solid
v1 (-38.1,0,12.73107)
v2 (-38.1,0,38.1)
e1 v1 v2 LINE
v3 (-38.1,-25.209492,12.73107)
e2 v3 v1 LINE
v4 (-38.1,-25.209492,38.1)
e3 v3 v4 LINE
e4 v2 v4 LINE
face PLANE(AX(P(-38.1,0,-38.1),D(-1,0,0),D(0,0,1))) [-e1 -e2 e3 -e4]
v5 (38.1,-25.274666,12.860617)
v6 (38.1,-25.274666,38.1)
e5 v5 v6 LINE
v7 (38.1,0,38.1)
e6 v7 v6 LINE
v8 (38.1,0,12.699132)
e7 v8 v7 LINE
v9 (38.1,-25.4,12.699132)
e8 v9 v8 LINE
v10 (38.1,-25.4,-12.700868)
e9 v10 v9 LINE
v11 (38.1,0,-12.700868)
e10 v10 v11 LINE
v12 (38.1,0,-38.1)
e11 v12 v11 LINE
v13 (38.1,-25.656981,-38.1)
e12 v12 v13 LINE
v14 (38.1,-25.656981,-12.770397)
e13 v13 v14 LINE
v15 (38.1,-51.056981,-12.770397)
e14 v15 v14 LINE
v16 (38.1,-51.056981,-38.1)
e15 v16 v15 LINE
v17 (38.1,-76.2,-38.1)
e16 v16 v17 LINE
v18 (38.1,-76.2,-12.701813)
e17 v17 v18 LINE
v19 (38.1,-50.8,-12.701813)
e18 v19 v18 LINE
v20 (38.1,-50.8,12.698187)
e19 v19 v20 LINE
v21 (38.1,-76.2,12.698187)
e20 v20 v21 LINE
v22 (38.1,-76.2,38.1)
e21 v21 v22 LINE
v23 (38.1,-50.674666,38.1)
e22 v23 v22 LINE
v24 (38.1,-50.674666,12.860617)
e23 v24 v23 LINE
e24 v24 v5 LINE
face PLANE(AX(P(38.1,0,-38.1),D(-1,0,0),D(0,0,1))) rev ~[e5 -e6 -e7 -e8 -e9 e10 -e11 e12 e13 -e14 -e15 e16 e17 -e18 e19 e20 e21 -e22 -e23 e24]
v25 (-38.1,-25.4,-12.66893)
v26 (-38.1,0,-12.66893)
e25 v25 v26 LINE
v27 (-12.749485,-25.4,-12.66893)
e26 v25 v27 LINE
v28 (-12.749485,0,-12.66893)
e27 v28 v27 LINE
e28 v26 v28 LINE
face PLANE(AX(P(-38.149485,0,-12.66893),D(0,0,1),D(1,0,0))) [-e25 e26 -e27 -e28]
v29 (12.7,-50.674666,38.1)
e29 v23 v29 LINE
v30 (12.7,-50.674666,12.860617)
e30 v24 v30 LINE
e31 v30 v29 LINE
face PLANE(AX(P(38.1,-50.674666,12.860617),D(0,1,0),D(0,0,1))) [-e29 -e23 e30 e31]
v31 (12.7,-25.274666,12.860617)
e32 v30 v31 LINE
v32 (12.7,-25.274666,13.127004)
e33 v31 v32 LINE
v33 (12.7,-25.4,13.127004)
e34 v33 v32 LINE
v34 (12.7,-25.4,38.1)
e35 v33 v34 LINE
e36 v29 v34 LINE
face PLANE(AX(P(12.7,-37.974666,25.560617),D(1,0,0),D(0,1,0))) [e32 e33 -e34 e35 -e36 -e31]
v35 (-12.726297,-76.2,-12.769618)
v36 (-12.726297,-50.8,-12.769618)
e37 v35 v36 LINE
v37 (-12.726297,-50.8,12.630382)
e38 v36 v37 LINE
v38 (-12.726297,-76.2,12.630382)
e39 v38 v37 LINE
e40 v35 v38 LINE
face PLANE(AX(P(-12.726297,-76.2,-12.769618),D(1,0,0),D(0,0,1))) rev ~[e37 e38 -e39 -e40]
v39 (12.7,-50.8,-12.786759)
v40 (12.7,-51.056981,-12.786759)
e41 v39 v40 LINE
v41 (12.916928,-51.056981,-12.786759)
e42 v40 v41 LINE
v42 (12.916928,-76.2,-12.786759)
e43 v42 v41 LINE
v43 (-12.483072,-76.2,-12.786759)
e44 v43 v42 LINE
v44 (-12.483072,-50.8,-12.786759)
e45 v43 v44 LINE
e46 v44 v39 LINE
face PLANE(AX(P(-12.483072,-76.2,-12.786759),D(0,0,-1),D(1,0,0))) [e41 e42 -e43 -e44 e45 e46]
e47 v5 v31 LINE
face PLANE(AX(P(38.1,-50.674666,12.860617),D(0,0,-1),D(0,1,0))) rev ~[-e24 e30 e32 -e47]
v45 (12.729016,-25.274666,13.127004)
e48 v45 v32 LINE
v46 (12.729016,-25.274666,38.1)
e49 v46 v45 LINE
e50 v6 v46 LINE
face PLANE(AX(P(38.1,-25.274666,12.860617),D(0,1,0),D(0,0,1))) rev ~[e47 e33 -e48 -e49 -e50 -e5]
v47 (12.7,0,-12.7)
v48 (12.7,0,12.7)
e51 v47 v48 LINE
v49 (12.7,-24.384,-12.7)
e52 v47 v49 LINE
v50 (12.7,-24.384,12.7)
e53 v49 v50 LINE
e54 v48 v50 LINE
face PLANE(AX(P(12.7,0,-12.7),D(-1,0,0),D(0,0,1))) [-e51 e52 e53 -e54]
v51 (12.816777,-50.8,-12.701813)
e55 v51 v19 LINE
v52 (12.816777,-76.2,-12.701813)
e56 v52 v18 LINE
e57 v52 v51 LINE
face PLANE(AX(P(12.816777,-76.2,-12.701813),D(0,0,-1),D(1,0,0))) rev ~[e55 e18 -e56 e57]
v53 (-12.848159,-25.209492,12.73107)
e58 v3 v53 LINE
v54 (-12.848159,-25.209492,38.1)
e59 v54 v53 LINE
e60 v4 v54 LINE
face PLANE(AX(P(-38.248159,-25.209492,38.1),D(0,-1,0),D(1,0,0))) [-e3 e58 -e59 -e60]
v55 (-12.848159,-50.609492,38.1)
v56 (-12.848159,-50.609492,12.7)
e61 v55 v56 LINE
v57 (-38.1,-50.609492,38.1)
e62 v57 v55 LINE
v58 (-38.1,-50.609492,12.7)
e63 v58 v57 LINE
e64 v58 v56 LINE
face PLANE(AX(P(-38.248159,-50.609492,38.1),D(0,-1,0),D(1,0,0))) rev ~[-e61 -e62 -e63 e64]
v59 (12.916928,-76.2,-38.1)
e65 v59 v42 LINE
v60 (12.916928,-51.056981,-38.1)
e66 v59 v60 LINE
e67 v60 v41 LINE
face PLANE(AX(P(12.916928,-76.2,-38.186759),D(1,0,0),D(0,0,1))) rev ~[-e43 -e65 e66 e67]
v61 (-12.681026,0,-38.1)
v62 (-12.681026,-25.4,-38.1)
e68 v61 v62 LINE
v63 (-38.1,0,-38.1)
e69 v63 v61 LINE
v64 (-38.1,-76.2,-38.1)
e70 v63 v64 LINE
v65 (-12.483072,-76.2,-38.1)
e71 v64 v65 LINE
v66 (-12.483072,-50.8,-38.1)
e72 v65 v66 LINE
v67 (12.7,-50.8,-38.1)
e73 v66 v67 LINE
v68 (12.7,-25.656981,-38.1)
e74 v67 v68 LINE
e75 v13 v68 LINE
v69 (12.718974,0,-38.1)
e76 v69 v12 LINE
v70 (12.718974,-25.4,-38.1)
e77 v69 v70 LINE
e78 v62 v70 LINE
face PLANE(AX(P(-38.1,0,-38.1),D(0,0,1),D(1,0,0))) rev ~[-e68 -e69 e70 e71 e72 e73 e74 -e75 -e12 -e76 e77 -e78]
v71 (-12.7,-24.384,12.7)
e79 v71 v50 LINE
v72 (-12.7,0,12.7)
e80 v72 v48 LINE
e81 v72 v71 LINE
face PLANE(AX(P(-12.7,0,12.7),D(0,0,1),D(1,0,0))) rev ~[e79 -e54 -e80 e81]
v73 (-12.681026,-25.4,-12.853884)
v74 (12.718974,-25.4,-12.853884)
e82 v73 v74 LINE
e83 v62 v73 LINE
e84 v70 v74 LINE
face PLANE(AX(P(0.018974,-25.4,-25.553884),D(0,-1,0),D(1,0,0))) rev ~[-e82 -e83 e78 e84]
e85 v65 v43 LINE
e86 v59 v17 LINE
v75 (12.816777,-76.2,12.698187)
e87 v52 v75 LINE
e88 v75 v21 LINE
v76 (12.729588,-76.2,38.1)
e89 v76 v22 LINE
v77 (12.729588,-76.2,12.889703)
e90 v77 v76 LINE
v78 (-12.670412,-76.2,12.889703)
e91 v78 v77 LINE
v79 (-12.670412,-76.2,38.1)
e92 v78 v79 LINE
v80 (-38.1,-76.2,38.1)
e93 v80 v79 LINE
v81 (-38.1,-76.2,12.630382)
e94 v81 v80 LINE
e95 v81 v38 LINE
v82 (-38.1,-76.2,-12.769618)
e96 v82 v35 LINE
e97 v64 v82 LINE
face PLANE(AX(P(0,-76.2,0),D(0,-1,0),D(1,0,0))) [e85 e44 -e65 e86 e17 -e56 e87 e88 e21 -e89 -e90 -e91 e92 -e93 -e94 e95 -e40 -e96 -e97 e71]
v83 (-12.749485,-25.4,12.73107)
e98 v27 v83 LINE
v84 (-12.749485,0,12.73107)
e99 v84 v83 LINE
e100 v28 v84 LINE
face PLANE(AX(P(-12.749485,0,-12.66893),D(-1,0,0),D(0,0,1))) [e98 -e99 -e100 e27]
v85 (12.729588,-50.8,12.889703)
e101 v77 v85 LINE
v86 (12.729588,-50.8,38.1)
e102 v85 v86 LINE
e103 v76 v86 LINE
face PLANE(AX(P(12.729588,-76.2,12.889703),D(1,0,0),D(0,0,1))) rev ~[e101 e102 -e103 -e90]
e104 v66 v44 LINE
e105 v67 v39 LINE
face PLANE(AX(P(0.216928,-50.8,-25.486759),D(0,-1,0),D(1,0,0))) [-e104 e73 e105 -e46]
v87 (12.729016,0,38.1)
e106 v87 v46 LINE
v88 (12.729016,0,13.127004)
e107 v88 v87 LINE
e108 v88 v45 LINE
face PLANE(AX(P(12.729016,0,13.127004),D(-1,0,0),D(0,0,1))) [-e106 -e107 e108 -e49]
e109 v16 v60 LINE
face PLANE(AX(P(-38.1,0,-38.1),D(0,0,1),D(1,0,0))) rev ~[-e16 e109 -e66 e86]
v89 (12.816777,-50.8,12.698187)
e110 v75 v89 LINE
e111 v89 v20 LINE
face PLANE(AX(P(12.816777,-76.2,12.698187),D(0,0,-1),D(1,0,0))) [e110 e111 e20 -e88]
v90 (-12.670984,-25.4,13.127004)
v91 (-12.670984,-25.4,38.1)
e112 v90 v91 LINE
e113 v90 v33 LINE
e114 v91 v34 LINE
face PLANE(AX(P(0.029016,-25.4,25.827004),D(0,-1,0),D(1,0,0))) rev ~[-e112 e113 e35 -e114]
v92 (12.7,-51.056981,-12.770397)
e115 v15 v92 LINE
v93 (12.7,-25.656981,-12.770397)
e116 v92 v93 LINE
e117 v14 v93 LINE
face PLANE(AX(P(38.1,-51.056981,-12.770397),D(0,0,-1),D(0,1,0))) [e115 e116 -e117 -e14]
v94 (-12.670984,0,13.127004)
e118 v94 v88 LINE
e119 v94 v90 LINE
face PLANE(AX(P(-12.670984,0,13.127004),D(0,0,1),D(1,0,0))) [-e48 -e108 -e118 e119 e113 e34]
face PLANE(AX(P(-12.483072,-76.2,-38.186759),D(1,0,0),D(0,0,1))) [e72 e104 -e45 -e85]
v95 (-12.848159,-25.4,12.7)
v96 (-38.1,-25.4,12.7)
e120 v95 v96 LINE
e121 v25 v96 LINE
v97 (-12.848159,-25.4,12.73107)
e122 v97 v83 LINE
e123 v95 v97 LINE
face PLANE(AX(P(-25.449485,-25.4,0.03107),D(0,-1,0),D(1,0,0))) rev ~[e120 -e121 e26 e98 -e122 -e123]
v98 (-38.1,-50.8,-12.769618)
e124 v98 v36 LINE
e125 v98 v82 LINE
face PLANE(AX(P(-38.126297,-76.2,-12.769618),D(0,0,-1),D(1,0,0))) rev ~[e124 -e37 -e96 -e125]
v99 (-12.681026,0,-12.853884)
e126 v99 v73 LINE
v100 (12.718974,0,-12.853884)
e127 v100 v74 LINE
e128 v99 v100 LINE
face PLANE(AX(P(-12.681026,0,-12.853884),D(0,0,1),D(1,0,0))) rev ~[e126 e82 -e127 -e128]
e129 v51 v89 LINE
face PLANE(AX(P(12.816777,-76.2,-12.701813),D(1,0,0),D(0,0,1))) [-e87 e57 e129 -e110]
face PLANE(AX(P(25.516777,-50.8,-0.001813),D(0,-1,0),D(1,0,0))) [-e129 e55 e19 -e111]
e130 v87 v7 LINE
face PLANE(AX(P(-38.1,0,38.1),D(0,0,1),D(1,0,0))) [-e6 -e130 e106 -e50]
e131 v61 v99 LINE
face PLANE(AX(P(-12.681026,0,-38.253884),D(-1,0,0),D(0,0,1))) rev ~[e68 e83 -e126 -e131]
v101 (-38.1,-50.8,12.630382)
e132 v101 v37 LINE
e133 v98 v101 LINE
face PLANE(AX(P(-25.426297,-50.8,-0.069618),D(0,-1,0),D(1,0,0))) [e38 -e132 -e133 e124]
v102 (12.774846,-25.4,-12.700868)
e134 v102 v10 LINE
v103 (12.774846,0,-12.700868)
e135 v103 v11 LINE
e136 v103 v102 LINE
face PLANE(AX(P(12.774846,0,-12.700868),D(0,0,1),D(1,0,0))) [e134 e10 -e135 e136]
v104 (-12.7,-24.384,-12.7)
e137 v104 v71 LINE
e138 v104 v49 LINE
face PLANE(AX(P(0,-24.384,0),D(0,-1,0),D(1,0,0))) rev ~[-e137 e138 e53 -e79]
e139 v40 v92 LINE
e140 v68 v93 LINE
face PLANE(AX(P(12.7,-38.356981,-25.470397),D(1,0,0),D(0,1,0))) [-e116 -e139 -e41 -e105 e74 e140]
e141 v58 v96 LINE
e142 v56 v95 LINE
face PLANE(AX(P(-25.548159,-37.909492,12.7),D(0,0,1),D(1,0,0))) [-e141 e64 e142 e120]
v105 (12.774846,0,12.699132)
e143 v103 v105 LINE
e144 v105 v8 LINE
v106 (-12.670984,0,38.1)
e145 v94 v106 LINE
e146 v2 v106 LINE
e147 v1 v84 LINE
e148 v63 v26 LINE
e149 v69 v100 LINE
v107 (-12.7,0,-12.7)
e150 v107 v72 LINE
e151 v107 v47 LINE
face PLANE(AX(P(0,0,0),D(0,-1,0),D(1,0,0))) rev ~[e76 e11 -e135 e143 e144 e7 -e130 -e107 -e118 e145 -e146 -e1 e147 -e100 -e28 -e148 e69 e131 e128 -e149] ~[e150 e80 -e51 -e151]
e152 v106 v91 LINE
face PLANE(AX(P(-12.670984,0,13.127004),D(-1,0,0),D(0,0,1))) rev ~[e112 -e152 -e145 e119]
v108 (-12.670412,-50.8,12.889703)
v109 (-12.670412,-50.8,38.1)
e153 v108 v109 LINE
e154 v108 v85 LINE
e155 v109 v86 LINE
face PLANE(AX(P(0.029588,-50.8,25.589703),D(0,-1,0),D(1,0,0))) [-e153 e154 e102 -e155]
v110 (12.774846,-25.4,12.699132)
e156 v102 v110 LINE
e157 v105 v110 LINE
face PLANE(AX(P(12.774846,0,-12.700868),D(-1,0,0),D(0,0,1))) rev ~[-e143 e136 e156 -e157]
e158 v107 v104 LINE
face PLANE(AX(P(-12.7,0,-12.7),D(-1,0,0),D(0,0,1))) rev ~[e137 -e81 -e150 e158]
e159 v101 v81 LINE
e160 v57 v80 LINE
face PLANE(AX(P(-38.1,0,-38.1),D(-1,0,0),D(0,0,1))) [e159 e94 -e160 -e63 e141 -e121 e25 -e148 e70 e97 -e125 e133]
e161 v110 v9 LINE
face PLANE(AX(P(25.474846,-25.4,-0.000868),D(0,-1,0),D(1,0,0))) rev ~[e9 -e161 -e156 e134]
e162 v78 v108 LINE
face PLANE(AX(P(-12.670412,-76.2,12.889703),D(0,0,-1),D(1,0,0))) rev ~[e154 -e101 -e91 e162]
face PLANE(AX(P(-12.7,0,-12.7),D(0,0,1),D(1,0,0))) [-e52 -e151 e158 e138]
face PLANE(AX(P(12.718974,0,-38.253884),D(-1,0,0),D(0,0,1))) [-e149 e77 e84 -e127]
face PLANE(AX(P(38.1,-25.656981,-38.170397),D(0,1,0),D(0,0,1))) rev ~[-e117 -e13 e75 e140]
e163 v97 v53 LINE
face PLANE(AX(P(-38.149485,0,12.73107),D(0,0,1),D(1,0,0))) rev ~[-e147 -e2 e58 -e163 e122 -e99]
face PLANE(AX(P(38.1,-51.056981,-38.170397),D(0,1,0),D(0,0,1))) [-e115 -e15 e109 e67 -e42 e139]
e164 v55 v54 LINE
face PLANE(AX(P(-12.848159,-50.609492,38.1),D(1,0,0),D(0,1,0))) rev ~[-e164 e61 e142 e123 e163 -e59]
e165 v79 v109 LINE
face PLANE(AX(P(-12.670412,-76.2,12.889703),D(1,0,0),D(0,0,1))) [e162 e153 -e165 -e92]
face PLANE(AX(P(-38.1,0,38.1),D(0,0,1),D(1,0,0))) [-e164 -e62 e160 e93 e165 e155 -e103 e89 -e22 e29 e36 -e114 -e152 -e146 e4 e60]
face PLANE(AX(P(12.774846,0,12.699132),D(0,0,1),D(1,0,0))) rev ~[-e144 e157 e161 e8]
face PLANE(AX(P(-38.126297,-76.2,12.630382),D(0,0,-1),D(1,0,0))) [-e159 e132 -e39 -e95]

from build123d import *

# Parameters (mm, degrees)
F0_W      = 76.2
F0_H      = 76.2
F1_DEPTH  = 76.2
F3_W      = 25.4
F3_H      = 25.4
F4_W      = 25.4
F4_H      = 25.4
F5_W      = 25.4
F5_H      = 25.4
F6_W      = 25.4
F6_H      = 25.4
F7_DEPTH  = 25.4
F14_W     = 25.4
F14_H     = 25.4
F13_W     = 25.4
F13_H     = 25.4
F12_W     = 25.4
F12_H     = 25.4
F11_W     = 25.4
F11_H     = 25.4
F15_DEPTH = 25.4
F16_W     = 25.4
F16_H     = 25.4
F17_W     = 25.4
F17_H     = 25.4
F18_DEPTH = 25.4
F20_W     = 25.4
F20_H     = 25.4
F21_DEPTH = 25.4
F2_W      = 25.4
F2_H      = 25.4
F22_DEPTH = 24.384


with BuildPart() as f1:
    # F0 (on Front) → F1 (new body)
    with BuildSketch(Plane.XZ):
        Rectangle(F0_W, F0_H)
    extrude(amount=F1_DEPTH)

    # F3 (on Front) + F4 (on Front) + F5 (on Front) + F6 (on Front) → F7 (cut)
    with BuildSketch(Plane.XZ):
        with Locations((-25.449485, 0.03107)):
            Rectangle(F3_W, F3_H)
    with BuildSketch(Plane.XZ):
        with Locations((0.029016, 25.827004)):
            Rectangle(F4_W, F4_H)
    with BuildSketch(Plane.XZ):
        with Locations((25.474846, -0.000868)):
            Rectangle(F5_W, F5_H)
    with BuildSketch(Plane.XZ):
        with Locations((0.018974, -25.553884)):
            Rectangle(F6_W, F6_H)
    extrude(amount=F7_DEPTH, mode=Mode.SUBTRACT)

    # F14 (on offset) + F13 (on offset) + F12 (on offset) + F11 (on offset) → F15 (cut)
    with BuildSketch(Plane.XZ.offset(76.2)):
        with Locations((-25.426297, -0.069618)):
            Rectangle(F14_W, F14_H)
    with BuildSketch(Plane.XZ.offset(76.2)):
        with Locations((0.216928, -25.486759)):
            Rectangle(F13_W, F13_H)
    with BuildSketch(Plane.XZ.offset(76.2)):
        with Locations((25.516777, -0.001813)):
            Rectangle(F12_W, F12_H)
    with BuildSketch(Plane.XZ.offset(76.2)):
        with Locations((0.029588, 25.589703)):
            Rectangle(F11_W, F11_H)
    extrude(amount=-F15_DEPTH, mode=Mode.SUBTRACT)

    # F16 (on offset) + F17 (on offset) → F18 (cut)
    with BuildSketch(Plane.YZ.offset(38.1)):
        with Locations((-37.974666, 25.560617)):
            Rectangle(F16_W, F16_H)
    with BuildSketch(Plane.YZ.offset(38.1)):
        with Locations((-38.356981, -25.470397)):
            Rectangle(F17_W, F17_H)
    extrude(amount=-F18_DEPTH, mode=Mode.SUBTRACT)

    # F20 (on offset) → F21 (cut)
    with BuildSketch(Plane.XY.offset(38.1)):
        with Locations((-25.548159, -37.909492)):
            Rectangle(F20_W, F20_H)
    extrude(amount=-F21_DEPTH, mode=Mode.SUBTRACT)

    # F2 (on Front) → F22 (cut)
    with BuildSketch(Plane.XZ):
        Rectangle(F2_W, F2_H)
    extrude(amount=F22_DEPTH, mode=Mode.SUBTRACT)


solid = f1.part
